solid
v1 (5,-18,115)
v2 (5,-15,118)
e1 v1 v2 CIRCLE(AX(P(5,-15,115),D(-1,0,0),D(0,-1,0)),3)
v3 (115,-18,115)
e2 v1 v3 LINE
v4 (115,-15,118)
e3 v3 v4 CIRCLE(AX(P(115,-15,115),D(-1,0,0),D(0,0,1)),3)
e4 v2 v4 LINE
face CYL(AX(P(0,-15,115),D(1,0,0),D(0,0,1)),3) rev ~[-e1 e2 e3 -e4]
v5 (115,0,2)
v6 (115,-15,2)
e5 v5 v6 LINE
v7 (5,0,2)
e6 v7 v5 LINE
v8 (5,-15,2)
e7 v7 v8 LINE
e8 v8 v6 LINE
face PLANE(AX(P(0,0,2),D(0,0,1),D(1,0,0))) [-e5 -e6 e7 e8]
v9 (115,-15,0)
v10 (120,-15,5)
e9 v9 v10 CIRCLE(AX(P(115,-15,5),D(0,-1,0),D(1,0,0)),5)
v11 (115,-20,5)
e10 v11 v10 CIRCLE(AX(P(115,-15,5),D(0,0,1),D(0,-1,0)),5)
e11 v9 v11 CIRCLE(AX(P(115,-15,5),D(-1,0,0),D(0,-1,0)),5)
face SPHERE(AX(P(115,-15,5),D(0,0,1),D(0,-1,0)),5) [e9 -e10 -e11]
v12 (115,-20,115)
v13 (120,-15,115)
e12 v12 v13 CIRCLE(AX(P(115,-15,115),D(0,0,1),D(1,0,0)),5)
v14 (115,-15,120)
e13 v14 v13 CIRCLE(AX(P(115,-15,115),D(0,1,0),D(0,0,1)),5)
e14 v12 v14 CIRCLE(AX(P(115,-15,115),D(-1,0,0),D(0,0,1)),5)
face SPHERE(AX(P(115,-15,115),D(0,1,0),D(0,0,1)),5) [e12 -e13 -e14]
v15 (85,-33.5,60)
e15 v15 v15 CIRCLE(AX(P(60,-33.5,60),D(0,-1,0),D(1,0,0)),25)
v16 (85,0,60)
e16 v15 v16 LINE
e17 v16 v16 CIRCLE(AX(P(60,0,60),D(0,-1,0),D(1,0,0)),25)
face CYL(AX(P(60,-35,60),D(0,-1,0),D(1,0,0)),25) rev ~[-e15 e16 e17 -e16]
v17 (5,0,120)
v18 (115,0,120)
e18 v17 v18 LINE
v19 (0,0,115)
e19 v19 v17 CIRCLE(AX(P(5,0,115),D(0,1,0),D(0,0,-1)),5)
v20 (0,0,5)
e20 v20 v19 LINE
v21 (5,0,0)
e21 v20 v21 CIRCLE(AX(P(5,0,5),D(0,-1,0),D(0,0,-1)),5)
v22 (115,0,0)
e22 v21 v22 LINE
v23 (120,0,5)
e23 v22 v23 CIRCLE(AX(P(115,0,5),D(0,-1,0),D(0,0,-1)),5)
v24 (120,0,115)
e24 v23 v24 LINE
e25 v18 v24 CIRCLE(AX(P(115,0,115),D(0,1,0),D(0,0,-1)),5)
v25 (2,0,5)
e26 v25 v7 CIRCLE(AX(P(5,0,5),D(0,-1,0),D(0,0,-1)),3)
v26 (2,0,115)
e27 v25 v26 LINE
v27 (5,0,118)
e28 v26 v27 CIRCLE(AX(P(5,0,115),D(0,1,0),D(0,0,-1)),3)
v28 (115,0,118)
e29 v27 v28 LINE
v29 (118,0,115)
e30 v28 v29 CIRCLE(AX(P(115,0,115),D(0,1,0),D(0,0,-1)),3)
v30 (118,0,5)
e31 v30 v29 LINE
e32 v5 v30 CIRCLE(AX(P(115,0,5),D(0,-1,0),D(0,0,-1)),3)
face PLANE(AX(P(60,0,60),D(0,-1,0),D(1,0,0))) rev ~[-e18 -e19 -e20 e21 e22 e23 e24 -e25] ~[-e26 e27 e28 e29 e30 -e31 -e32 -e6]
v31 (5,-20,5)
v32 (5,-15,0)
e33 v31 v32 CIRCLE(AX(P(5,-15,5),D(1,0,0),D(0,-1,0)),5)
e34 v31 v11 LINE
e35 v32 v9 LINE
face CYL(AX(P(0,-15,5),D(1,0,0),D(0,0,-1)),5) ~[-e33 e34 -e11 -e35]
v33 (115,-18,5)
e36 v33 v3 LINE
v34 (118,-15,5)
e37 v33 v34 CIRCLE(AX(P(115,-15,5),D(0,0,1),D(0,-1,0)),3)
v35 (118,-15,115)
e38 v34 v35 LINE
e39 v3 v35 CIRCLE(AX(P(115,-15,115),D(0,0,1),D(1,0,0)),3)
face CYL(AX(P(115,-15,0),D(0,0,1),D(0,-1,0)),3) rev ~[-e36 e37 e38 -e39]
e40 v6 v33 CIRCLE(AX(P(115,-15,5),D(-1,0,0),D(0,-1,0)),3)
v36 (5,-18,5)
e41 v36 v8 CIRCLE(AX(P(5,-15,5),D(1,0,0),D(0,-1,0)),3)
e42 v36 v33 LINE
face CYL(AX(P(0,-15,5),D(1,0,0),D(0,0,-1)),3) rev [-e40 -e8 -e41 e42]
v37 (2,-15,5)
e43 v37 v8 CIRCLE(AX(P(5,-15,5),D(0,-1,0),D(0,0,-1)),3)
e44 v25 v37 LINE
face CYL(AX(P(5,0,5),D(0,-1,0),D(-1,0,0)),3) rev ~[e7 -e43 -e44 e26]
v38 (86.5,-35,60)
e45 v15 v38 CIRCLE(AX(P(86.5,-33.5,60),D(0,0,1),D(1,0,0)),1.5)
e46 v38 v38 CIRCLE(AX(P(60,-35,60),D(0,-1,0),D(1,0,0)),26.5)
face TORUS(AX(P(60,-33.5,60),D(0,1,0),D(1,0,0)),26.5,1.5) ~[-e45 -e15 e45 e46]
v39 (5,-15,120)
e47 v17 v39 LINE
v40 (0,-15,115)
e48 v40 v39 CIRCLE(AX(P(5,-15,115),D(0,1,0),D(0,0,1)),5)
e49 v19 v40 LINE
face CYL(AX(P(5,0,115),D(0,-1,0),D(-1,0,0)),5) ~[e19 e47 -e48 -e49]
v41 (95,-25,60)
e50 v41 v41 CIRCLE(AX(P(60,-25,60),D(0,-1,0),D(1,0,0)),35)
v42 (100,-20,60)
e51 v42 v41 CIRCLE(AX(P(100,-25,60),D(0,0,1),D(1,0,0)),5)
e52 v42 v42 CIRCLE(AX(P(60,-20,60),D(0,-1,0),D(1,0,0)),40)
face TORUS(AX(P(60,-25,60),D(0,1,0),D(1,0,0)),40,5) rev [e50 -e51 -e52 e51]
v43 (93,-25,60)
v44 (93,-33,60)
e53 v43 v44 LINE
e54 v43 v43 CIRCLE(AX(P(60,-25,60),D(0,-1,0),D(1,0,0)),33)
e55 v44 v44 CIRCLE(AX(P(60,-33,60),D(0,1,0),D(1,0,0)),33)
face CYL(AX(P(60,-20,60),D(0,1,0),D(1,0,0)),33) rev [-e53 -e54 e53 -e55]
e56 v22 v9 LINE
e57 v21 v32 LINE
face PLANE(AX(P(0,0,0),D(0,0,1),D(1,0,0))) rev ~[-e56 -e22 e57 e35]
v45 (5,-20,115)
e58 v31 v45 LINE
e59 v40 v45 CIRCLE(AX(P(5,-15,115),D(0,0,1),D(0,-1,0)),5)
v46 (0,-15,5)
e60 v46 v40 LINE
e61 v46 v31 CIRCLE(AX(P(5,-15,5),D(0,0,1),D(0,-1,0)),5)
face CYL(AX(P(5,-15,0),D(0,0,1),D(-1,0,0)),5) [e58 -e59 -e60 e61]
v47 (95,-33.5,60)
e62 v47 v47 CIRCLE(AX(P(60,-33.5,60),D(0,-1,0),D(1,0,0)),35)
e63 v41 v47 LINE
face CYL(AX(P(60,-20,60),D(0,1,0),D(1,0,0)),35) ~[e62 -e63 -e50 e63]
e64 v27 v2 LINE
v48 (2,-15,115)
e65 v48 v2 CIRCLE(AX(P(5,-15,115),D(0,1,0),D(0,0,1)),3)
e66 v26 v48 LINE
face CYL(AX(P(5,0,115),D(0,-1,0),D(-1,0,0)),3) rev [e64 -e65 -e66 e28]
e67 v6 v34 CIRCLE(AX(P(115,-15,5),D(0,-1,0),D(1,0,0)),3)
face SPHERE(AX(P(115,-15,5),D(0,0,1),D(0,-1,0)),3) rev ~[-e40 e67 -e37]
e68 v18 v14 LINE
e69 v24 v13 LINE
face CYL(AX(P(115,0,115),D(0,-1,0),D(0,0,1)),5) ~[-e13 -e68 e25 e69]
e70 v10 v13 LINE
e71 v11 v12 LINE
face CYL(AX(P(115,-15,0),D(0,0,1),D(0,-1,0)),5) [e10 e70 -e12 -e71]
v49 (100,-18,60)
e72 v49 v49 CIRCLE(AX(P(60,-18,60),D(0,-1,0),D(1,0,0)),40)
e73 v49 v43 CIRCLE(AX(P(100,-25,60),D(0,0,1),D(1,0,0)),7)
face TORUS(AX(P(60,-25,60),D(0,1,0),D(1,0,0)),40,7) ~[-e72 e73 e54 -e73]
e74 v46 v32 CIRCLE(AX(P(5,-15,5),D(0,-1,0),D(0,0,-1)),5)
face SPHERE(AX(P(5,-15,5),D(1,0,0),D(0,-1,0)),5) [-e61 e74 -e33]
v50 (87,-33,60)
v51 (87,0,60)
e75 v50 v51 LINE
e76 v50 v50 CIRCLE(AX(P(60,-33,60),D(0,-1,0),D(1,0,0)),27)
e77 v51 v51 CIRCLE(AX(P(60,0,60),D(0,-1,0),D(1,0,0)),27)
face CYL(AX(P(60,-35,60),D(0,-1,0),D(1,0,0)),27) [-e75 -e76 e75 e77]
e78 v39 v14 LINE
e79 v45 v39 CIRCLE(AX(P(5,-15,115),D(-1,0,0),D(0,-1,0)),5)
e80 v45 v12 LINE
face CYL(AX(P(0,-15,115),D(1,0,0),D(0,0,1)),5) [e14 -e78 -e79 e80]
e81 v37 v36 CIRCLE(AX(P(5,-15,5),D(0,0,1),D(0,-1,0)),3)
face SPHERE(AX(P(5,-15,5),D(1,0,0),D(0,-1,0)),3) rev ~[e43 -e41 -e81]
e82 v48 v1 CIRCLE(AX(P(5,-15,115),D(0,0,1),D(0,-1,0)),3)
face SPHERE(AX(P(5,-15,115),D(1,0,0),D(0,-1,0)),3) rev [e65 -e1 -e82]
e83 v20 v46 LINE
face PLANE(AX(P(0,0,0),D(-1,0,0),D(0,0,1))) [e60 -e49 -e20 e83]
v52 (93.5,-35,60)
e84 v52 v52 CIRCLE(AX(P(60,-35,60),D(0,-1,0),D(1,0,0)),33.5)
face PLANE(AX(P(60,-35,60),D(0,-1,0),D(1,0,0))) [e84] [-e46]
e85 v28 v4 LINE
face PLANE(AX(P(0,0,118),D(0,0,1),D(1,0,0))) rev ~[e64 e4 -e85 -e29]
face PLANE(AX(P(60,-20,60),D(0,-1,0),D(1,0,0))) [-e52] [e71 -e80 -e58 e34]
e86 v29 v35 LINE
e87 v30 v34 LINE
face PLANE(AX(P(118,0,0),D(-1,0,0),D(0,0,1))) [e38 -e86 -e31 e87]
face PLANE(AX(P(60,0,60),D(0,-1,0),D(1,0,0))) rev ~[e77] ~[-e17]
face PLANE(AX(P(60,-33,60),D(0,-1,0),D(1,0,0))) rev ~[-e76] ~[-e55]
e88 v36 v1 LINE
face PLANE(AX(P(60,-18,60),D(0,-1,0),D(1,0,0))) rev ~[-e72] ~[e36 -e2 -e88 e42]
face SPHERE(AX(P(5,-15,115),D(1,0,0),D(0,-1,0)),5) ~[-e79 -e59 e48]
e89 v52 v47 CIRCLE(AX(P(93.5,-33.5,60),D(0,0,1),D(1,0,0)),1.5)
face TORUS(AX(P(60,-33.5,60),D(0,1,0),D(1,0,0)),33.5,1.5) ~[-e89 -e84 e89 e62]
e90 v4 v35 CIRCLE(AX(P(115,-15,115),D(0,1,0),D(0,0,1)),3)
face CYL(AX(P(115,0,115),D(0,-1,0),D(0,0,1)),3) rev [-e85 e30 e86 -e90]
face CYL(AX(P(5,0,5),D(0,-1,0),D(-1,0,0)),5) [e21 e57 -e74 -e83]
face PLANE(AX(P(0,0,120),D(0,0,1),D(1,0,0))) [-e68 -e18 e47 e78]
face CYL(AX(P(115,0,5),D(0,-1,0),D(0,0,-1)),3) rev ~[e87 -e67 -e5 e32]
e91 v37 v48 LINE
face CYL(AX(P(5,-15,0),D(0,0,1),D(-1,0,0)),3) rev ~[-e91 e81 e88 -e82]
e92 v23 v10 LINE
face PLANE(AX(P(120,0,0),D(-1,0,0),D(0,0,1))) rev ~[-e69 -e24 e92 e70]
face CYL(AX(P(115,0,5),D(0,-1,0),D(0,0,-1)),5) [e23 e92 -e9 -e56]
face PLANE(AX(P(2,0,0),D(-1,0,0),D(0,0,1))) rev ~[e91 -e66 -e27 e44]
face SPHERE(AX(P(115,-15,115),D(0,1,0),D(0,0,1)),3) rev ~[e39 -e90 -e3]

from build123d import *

# Parameters (mm, degrees)
F4_W     = 120
F4_H     = 120
F0_DEPTH = 20
F5_R     = 35
F1_DEPTH = 15
F2_R     = 25
F6_DEPTH = 35
F3_R     = 5
F7_R     = 1.5
F8_T     = -2


with BuildPart() as f0:
    # F4 (on Front) → F0 (new body)
    with BuildSketch(Plane.XZ):
        with Locations((60, 60)):
            Rectangle(F4_W, F4_H)
    extrude(amount=F0_DEPTH)

    # F5 (on face) → F1 (join)
    with BuildSketch(Plane.XZ.offset(20)):
        with Locations((60, 60)):
            Circle(F5_R)
    extrude(amount=F1_DEPTH)

    # F2 (on face) → F6 (cut, through all)
    with BuildSketch(Plane.XZ.offset(35)):
        with Locations((60, 60)):
            Circle(F2_R)
    extrude(amount=-F6_DEPTH, mode=Mode.SUBTRACT)

    # F3
    f3_edges = [f0.edges().sort_by_distance(p)[0] for p in [
        (120, -10, 120),
        (60, -20, 120),
        (120, -20, 60),
        (60, -20, 0),
        (0, -20, 60),
        (0, -10, 120),
        (0, -10, 0),
        (120, -10, 0),
        (25, -20, 60),
    ]]
    fillet(f3_edges, radius=F3_R)

    # F7
    f7_edges = [f0.edges().sort_by_distance(p)[0] for p in [
        (25, -35, 60),
        (35, -35, 60),
    ]]
    fillet(f7_edges, radius=F7_R)

    # F8
    f8_openings = [f0.faces().sort_by_distance(p)[0] for p in [
        (1.697056, 0, 60),
    ]]
    offset(amount=F8_T, openings=f8_openings)


solid = f0.part
